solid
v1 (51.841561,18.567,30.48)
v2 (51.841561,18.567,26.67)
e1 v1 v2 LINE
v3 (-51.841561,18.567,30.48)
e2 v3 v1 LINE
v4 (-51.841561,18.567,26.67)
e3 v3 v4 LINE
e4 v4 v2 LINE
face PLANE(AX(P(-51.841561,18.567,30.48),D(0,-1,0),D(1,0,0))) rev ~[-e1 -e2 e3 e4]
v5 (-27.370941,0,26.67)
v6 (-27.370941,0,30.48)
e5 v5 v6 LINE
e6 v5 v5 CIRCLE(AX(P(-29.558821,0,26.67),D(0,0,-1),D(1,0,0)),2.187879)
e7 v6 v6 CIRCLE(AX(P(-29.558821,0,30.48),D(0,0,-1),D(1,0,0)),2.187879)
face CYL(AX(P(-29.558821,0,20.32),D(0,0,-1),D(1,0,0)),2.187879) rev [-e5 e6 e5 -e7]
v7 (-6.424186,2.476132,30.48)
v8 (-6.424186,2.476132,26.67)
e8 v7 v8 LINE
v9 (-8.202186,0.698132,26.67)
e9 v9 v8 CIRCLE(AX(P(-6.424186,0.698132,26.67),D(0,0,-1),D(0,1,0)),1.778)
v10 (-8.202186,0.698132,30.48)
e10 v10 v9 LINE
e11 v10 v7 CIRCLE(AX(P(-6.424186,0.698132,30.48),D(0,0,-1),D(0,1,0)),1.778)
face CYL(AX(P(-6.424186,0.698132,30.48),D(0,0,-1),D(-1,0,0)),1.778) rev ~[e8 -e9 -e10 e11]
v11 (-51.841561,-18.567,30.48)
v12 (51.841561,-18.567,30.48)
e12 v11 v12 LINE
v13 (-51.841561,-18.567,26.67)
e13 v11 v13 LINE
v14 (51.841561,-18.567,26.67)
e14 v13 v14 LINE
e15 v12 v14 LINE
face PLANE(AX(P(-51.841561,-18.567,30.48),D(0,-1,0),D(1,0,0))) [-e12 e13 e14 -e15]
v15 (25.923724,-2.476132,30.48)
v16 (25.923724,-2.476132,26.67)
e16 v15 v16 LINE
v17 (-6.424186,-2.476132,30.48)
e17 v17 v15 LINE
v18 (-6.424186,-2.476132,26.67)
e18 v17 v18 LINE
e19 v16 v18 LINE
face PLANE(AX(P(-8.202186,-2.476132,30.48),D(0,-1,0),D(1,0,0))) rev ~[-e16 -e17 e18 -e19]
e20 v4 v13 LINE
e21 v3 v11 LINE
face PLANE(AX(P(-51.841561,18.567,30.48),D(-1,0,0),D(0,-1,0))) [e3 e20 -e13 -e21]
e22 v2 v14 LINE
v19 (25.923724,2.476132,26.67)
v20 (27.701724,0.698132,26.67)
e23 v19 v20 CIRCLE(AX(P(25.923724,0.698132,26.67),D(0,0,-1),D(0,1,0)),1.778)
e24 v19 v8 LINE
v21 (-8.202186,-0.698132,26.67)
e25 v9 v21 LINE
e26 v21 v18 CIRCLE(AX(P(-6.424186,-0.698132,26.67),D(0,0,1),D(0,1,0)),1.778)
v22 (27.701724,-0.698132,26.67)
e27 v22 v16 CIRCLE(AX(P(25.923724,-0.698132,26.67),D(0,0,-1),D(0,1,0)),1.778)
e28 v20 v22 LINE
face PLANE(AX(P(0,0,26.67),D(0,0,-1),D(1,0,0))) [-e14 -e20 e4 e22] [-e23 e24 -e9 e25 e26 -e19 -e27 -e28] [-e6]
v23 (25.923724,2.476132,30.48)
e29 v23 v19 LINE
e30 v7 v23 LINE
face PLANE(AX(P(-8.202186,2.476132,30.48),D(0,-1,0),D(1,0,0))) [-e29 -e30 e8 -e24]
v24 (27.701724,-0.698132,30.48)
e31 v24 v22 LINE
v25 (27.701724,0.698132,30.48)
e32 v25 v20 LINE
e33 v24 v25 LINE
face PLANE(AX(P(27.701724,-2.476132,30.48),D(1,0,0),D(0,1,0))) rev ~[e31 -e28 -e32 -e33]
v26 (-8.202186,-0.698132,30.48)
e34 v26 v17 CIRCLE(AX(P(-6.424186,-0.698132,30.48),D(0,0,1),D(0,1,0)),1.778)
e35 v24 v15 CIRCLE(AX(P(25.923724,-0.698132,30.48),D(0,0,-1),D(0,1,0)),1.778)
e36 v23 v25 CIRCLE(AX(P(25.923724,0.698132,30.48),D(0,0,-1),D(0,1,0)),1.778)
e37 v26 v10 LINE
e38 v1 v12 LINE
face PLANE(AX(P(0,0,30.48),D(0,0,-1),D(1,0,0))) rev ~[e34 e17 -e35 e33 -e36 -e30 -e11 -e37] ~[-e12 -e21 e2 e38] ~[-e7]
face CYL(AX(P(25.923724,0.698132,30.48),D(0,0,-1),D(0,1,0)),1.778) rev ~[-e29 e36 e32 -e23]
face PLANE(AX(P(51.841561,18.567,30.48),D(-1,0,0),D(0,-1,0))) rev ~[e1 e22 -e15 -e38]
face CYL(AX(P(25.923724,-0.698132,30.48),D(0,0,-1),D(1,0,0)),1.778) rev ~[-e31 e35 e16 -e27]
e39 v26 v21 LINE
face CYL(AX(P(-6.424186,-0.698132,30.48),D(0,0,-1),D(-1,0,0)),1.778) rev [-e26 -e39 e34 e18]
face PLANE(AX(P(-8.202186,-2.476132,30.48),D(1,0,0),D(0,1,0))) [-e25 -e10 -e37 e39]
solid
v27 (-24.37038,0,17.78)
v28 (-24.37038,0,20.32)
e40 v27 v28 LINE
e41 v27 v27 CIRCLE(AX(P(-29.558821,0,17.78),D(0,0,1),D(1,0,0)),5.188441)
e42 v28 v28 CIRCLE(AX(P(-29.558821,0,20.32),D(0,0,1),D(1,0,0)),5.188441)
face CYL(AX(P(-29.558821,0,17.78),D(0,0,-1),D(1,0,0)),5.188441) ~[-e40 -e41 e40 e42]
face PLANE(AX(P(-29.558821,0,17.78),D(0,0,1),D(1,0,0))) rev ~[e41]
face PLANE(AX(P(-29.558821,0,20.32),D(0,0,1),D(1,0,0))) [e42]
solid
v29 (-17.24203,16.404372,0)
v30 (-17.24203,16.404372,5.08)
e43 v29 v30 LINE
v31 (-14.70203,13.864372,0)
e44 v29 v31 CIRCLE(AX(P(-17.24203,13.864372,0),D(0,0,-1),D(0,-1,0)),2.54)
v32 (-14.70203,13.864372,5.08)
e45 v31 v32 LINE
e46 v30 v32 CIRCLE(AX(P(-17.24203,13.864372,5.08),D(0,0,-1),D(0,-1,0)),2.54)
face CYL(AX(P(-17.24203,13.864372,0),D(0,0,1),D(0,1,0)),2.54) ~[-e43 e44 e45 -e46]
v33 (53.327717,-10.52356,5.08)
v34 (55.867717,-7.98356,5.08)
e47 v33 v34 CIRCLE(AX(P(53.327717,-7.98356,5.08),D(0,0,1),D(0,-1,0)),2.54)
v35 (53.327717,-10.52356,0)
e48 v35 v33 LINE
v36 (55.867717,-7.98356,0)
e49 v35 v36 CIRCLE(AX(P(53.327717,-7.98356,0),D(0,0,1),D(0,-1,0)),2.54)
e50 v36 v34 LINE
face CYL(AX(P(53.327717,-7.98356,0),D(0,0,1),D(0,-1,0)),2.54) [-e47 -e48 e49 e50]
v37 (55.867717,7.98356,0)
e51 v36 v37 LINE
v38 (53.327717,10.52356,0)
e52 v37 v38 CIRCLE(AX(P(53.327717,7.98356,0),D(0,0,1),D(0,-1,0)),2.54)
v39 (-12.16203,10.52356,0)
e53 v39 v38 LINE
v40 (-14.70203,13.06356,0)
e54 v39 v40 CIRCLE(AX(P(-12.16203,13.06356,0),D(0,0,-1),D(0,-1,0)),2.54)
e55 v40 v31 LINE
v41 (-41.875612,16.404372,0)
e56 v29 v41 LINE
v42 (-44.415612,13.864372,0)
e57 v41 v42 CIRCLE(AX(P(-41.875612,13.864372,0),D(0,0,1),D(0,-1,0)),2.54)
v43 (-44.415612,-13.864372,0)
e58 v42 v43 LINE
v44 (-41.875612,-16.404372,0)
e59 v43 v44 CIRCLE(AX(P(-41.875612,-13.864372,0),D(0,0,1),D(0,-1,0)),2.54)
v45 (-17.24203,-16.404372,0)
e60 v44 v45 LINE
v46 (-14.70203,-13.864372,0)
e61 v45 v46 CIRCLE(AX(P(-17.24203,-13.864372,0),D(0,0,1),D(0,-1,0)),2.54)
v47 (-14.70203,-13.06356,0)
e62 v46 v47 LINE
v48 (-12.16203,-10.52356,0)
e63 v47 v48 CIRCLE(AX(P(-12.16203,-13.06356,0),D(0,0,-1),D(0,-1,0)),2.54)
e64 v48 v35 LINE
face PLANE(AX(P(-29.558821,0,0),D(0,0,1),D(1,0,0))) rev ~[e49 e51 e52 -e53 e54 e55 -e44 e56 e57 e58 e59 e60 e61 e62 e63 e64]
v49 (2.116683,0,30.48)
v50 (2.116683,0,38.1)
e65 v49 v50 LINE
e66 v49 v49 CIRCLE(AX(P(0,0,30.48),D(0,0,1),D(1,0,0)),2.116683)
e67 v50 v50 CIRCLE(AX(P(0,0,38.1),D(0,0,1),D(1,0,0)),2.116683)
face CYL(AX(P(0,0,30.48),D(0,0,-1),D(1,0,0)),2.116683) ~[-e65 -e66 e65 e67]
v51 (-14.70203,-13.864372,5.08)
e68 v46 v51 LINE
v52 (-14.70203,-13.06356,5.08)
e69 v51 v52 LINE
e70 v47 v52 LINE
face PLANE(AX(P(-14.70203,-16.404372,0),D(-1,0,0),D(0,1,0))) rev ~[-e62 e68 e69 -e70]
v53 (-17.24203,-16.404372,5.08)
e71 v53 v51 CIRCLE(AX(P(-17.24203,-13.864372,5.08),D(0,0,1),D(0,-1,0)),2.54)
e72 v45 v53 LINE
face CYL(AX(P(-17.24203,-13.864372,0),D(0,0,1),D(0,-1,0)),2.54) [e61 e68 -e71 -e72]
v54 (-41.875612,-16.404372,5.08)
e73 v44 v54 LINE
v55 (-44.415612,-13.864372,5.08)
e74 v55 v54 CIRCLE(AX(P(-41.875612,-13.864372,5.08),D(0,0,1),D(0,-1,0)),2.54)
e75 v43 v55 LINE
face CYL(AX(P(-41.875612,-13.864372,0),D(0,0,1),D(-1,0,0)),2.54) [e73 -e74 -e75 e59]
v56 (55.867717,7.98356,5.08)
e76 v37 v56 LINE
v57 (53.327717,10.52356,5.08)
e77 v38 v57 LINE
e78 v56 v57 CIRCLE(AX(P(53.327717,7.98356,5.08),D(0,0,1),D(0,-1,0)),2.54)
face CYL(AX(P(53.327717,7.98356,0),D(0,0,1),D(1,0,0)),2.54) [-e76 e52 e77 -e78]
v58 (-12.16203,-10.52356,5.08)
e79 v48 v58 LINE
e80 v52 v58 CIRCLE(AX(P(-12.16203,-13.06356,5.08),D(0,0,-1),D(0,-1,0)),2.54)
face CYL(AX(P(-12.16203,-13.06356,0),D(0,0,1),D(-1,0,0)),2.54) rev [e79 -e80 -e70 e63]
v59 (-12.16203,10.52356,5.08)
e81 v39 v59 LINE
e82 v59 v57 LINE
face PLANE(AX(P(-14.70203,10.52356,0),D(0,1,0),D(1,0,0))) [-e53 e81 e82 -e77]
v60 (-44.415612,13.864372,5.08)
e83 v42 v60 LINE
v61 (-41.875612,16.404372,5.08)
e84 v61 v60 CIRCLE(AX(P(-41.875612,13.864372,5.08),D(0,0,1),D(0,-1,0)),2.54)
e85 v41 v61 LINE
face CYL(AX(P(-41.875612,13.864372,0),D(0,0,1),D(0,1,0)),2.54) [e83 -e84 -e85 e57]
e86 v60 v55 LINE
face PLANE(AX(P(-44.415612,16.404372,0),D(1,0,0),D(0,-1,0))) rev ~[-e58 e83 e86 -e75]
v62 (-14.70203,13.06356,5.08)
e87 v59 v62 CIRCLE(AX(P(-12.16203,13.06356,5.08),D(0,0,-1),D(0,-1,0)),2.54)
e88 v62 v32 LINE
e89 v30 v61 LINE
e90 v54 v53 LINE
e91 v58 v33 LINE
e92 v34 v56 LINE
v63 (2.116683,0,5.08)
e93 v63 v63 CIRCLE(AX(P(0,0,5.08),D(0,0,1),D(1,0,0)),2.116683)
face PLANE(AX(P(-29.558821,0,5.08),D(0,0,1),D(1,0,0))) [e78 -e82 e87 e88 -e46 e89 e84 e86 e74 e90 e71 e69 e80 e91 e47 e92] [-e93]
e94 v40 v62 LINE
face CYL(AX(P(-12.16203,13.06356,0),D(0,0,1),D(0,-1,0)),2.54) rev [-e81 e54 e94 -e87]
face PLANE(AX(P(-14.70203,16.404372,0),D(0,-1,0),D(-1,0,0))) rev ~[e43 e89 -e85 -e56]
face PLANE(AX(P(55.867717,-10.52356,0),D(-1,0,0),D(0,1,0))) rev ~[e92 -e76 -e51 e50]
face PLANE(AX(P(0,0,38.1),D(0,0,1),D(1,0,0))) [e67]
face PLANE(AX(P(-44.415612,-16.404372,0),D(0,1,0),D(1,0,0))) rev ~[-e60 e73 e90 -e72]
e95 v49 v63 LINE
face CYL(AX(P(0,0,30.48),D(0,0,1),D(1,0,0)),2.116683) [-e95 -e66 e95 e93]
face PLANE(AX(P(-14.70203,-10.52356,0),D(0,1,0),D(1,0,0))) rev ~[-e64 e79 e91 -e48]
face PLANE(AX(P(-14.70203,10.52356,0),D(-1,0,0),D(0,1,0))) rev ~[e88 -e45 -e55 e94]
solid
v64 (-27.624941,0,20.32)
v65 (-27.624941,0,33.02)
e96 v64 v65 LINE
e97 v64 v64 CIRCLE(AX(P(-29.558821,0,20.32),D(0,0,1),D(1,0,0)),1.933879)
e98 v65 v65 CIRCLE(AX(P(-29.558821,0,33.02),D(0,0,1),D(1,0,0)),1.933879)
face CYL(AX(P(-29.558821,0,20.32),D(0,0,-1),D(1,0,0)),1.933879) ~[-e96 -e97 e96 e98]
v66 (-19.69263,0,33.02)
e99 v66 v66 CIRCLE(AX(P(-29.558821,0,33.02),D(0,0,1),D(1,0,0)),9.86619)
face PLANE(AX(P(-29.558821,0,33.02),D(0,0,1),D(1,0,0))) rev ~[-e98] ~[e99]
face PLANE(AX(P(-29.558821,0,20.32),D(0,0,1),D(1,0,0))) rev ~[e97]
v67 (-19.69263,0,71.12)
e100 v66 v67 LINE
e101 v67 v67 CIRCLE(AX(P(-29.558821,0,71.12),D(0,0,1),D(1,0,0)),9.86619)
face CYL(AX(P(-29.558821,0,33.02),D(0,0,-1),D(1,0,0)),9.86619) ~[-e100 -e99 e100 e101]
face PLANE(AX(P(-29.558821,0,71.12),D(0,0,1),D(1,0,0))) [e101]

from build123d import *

# Parameters (mm, degrees)
F0_W       = 70.5697461963
F0_H       = 21.0471190512
F1_DEPTH   = 5.08
F2_R       = 2.54
F4_R       = 5.1884405509
F5_DEPTH   = 2.54
F6_R       = 1.9338794711
F7_DEPTH   = 12.7
F8_R       = 9.866190216
F8_R_2     = 1.9338794711
F9_DEPTH   = 38.1
F11_W      = 103.6831215024
F11_H      = 37.1339991689
F12_DEPTH  = 3.81
F13_OFFSET = 0.254
F14_W      = 35.903910175
F14_H      = 4.952263087
F15_DEPTH  = 30.481
F16_R      = 1.778
F17_R      = 2.116683431
F18_DEPTH  = 25.4
F19_DEPTH  = 7.62


with BuildPart() as f1:
    # F0 (on Top) → F1 (new body)
    with BuildSketch(Plane.XY):
        Polygon((-14.7020295262, 16.4043717086), (-44.4156117737, 16.4043717086), (-44.4156117737, -16.4043717086), (-14.7020295262, -16.4043717086), (-14.7020295262, -10.5235595256), (-14.7020295262, 10.5235595256), align=None)
        with Locations((20.5828435719, 0)):
            Rectangle(F0_W, F0_H)
    extrude(amount=F1_DEPTH)

    # F2
    f2_edges = [f1.edges().sort_by_distance(p)[0] for p in [
        (-14.70203, 10.52356, 2.54),
        (-14.70203, 16.404372, 2.54),
        (-44.415612, 16.404372, 2.54),
        (55.867717, 10.52356, 2.54),
        (55.867717, -10.52356, 2.54),
        (-14.70203, -10.52356, 2.54),
        (-14.70203, -16.404372, 2.54),
        (-44.415612, -16.404372, 2.54),
    ]]
    fillet(f2_edges, radius=F2_R)

    # F17 (on face) → F18 (join, through all)
    with BuildSketch(Plane.XY.offset(30.48)):
        Circle(F17_R)
    extrude(amount=-F18_DEPTH)

    # F19 (add): a face of the model
    f19_faces = [f1.faces().sort_by_distance(p)[0] for p in [
        (0, 0, 30.48),
    ]]
    extrude(f19_faces, amount=F19_DEPTH)


with BuildPart() as f5:
    # F4 (on offset) → F5 (new body)
    with BuildSketch(Plane.XY.offset(17.78)):
        with Locations((-29.55882065, 0)):
            Circle(F4_R)
    extrude(amount=F5_DEPTH)


with BuildPart() as f7:
    # F6 (on face) → F7 (new body)
    with BuildSketch(Plane.XY.offset(20.32)):
        with Locations((-29.55882065, 0)):
            Circle(F6_R)
    extrude(amount=F7_DEPTH)

    # F8 (on face) → F9 (join)
    with BuildSketch(Plane.XY.offset(33.02)):
        with Locations((-29.55882065, 0)):
            Circle(F8_R)
        with Locations((-29.55882065, 0)):
            Circle(F8_R_2, mode=Mode.SUBTRACT)
        with Locations((-29.55882065, 0)):
            Circle(F8_R_2)
    extrude(amount=F9_DEPTH)


with BuildPart() as f12:
    # F11 (on offset) → F12 (new body)
    with BuildSketch(Plane(origin=(0, 0, 30.48), x_dir=(1, 0, 0), z_dir=(0, 0, -1))):
        Rectangle(F11_W, F11_H)
    extrude(amount=F12_DEPTH)

    # F13: cut F7, made larger all round first
    f13_tool = offset(f7.part, amount=F13_OFFSET, kind=Kind.INTERSECTION, mode=Mode.PRIVATE)
    add(f13_tool, mode=Mode.SUBTRACT)

    # F14 (on face) → F15 (cut, through all)
    with BuildSketch(Plane.XY.offset(30.48)):
        with Locations((9.7497692332, 0)):
            Rectangle(F14_W, F14_H)
    extrude(amount=-F15_DEPTH, mode=Mode.SUBTRACT)

    # F16
    f16_edges = [f12.edges().sort_by_distance(p)[0] for p in [
        (-8.202186, 2.476132, 28.575),
        (-8.202186, -2.476132, 28.575),
        (27.701724, 2.476132, 28.575),
        (27.701724, -2.476132, 28.575),
    ]]
    fillet(f16_edges, radius=F16_R)


solid = Compound([f1.part, f5.part, f7.part, f12.part])
